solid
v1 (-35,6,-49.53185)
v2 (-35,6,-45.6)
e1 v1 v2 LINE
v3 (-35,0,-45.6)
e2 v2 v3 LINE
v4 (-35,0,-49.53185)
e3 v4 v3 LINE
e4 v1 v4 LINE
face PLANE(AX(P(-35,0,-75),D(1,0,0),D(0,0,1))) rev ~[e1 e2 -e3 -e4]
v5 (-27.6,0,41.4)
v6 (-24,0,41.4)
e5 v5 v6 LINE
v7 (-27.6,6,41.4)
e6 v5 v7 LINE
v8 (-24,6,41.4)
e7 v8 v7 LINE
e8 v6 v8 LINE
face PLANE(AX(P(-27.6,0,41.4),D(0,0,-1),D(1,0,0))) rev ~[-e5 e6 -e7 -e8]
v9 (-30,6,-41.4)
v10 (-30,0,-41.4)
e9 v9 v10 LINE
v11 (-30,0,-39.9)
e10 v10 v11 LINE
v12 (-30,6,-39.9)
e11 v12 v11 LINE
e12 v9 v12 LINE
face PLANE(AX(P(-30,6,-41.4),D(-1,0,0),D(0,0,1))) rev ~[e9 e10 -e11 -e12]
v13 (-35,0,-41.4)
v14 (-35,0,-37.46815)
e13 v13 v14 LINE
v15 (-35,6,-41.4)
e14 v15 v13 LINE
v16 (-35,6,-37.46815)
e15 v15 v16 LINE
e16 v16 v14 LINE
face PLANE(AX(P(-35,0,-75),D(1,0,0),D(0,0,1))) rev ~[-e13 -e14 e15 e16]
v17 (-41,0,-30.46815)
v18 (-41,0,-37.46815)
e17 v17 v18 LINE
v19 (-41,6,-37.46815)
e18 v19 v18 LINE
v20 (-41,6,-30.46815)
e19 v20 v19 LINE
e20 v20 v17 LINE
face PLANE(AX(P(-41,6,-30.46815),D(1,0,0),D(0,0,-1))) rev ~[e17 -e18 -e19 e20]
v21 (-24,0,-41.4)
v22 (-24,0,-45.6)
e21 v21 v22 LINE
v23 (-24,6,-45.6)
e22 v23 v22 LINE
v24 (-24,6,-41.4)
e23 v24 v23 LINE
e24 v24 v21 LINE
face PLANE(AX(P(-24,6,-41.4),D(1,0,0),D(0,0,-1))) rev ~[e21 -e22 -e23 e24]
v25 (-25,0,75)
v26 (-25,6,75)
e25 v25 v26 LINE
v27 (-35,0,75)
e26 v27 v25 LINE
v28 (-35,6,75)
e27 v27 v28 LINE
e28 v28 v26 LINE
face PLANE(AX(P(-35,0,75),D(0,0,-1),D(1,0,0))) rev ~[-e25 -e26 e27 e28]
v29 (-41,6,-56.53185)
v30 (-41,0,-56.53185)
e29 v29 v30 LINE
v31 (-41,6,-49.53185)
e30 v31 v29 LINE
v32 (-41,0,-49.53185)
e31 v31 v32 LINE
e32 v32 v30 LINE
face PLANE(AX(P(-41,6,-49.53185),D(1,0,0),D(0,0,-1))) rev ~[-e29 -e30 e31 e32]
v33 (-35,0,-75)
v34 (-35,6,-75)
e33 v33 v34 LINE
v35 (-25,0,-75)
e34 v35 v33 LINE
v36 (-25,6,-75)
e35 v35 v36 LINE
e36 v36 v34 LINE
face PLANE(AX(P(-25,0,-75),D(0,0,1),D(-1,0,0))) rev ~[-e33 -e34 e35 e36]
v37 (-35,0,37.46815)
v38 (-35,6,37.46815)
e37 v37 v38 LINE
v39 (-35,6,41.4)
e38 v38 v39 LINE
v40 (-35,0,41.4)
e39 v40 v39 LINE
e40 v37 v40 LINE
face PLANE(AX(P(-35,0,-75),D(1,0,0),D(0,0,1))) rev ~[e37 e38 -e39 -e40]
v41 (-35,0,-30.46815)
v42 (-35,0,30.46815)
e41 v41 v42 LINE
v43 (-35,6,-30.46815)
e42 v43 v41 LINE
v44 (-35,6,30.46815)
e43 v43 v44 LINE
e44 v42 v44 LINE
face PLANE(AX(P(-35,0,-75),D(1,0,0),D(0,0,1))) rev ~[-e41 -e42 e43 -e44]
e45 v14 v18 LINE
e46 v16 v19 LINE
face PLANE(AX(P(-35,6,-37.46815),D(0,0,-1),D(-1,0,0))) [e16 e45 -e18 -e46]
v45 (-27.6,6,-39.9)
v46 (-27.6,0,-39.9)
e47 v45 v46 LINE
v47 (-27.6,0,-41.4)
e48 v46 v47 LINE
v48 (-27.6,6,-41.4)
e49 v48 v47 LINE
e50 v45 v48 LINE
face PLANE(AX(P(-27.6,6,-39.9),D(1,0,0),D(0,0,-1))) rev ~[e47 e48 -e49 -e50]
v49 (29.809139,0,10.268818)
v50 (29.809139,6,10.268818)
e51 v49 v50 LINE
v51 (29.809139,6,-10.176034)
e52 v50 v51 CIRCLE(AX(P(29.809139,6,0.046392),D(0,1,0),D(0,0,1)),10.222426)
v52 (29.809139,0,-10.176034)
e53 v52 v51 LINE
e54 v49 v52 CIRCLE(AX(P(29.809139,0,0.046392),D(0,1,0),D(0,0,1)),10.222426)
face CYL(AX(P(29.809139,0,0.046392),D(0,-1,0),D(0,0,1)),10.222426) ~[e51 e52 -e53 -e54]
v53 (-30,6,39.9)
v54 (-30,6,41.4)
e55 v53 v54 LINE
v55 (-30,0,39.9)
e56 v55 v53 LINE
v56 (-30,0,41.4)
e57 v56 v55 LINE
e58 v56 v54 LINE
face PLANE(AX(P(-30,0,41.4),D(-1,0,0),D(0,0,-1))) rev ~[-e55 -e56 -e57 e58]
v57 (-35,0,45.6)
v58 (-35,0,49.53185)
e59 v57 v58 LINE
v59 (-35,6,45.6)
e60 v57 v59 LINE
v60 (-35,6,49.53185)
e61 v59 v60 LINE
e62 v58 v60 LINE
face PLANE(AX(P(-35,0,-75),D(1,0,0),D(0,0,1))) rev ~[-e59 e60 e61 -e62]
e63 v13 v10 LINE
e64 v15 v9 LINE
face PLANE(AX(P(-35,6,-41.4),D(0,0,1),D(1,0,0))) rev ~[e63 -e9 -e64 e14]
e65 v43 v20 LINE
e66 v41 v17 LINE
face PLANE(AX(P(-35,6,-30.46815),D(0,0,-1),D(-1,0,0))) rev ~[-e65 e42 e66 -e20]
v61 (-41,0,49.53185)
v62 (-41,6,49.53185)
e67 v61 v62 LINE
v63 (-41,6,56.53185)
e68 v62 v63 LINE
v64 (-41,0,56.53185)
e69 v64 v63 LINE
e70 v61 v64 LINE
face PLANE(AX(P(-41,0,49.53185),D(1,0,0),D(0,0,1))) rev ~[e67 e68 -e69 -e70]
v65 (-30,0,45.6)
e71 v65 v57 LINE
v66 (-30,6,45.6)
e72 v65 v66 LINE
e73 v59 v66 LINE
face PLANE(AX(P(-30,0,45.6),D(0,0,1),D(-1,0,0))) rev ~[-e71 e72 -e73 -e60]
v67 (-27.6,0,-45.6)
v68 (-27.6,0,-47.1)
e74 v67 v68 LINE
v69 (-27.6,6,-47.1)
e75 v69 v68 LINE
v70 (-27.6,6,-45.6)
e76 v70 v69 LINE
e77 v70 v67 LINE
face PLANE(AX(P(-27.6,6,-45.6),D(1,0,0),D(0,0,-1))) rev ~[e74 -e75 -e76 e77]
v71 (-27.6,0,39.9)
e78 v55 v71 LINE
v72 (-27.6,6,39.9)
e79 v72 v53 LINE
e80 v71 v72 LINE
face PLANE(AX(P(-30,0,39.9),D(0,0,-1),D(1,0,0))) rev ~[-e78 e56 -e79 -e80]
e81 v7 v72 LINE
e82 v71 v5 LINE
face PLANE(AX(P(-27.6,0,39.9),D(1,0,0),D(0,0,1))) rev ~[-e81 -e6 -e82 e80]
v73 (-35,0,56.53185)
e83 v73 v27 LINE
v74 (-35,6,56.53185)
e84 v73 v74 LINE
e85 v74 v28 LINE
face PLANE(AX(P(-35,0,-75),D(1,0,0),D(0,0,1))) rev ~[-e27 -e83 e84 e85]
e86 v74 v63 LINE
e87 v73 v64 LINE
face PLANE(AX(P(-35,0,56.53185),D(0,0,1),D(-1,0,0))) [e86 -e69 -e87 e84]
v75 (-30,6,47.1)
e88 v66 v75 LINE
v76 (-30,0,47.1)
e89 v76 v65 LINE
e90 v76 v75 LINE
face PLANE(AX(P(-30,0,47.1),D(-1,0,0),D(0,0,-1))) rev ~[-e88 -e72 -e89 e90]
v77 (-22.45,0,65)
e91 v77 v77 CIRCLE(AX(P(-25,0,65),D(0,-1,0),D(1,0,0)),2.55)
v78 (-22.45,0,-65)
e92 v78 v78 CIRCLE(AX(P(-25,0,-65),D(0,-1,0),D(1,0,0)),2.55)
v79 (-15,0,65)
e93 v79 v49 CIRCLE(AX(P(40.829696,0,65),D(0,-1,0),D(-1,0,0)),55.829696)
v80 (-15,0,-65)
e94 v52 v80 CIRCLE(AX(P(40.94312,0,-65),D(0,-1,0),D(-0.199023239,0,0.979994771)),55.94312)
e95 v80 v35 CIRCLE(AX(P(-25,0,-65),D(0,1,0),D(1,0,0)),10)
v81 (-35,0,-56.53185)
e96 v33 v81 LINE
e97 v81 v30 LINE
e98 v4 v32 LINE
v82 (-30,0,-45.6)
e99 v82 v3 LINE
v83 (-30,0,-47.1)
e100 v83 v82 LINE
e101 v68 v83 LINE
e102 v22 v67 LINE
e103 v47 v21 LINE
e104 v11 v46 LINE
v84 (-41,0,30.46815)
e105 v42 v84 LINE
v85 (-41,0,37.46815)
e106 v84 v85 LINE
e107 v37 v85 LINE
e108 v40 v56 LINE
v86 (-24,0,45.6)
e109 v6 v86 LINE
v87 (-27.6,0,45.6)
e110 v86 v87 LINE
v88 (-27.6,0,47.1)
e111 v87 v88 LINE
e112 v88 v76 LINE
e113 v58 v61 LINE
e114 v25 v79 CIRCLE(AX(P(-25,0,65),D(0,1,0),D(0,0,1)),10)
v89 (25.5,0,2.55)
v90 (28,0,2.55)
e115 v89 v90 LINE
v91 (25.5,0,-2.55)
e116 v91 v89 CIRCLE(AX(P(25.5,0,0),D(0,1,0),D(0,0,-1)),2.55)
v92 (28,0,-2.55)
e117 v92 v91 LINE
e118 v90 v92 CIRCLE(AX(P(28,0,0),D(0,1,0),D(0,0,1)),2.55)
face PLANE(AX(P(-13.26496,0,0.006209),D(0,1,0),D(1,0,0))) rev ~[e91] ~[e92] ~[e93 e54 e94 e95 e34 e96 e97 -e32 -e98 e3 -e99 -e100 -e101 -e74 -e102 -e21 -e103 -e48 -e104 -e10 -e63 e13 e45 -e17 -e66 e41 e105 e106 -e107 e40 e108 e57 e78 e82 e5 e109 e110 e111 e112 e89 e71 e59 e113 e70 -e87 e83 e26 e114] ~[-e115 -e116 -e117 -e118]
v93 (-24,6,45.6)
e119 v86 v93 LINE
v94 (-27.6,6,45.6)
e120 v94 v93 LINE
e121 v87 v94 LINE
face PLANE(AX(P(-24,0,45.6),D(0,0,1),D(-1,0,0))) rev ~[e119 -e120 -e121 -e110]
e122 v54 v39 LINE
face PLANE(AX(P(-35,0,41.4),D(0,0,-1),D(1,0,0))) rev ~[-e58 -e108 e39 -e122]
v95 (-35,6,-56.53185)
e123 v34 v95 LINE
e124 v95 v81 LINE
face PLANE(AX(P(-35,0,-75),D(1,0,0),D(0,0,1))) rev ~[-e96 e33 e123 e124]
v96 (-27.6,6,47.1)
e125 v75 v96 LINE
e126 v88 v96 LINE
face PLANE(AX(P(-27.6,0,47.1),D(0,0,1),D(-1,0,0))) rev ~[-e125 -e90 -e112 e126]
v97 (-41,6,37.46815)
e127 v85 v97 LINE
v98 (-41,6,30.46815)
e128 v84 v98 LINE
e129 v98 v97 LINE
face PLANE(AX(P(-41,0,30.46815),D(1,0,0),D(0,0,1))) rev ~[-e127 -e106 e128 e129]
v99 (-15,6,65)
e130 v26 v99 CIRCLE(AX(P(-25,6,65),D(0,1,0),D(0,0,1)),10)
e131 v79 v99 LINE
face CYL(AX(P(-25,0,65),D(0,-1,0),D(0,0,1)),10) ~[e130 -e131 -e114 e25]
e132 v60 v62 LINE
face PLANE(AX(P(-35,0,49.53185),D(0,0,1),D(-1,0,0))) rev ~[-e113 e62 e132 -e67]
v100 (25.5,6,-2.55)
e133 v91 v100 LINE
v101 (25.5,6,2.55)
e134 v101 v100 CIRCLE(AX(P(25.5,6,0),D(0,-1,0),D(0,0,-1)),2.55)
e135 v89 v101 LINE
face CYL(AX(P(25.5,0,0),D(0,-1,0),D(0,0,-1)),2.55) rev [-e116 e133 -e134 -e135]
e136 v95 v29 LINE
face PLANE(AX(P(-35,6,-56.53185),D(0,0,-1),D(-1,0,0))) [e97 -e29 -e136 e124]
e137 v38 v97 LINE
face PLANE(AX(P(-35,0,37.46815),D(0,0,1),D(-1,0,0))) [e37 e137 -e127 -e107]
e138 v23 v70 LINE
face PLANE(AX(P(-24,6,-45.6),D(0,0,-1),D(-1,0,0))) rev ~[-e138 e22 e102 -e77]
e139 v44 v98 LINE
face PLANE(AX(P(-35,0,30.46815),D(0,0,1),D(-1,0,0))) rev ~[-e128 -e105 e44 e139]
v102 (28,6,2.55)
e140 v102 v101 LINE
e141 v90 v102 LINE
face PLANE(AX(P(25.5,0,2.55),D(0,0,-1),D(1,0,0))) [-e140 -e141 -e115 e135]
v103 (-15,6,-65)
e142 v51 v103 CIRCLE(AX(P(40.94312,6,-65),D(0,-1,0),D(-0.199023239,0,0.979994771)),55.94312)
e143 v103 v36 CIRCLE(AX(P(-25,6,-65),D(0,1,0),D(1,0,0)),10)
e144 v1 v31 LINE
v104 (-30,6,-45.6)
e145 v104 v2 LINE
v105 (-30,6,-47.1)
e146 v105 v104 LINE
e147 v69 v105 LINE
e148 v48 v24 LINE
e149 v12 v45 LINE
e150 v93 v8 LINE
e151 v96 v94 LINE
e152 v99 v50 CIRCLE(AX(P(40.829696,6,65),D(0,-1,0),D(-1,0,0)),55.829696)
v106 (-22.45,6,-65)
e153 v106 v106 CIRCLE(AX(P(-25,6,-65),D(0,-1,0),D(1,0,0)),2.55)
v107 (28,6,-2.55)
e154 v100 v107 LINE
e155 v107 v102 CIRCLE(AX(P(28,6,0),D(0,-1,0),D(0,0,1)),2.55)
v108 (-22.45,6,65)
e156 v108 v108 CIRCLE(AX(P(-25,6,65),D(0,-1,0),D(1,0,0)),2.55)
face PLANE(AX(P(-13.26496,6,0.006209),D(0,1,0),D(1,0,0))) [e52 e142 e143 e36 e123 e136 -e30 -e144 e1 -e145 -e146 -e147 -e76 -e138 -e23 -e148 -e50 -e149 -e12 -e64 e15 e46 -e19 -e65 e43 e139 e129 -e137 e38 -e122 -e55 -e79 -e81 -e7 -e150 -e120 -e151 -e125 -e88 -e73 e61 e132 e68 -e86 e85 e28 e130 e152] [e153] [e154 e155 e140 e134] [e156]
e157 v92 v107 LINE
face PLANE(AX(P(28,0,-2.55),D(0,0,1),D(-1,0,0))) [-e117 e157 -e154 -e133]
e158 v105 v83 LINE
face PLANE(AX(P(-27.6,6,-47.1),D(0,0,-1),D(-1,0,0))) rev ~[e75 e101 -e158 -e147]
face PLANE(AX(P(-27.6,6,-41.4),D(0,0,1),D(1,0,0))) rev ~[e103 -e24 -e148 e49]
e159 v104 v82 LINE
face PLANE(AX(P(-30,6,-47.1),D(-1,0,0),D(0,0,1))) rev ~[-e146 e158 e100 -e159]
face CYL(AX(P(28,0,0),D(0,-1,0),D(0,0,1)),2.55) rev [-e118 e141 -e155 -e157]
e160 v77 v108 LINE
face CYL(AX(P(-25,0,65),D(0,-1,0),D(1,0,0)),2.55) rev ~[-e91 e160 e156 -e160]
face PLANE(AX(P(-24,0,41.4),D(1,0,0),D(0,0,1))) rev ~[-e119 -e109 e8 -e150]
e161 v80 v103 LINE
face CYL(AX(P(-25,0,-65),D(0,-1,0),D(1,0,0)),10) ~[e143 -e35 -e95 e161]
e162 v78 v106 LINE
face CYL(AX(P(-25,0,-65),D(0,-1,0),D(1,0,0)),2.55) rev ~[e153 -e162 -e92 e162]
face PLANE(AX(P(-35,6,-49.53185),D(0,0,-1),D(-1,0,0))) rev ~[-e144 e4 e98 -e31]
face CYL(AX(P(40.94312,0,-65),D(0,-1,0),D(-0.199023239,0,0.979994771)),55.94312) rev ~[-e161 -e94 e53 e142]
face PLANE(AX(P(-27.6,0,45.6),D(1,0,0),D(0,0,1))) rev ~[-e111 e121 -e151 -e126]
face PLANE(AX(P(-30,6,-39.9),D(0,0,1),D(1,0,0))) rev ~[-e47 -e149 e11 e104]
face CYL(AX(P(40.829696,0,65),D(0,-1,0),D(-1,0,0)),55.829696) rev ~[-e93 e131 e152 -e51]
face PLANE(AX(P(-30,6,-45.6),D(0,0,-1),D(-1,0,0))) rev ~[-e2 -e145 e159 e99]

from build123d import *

# Parameters (mm, degrees)
EXTRUDE_1_DEPTH      = 6
SKETCH_2_R           = 2.55
CUT_EXTRUDE_1_DEPTH  = 7
SKETCH_21_W          = 7
SKETCH_21_H          = 6
EXTRUDE_2_DEPTH      = 6
CUT_EXTRUDE_11_DEPTH = 7
SKETCH_22_W          = 7
SKETCH_22_H          = 6
EXTRUDE_21_DEPTH     = 6
SKETCH_24_W          = 7
SKETCH_24_H          = 6
EXTRUDE_23_DEPTH     = 6
CUT_EXTRUDE_14_DEPTH = 7
SKETCH_25_W          = 7
SKETCH_25_H          = 6
EXTRUDE_24_DEPTH     = 6
SKETCH_26_W          = 7
SKETCH_26_H          = 6
EXTRUDE_25_DEPTH     = 6
SKETCH_27_W          = 7
SKETCH_27_H          = 6
EXTRUDE_26_DEPTH     = 6
SKETCH_28_W          = 7
SKETCH_28_H          = 6
EXTRUDE_27_DEPTH     = 6
SKETCH_29_W          = 7
SKETCH_29_H          = 6
EXTRUDE_28_DEPTH     = 6


with BuildPart() as part:
    # Эскиз1 → Бобышка-Вытянуть1 (new body)
    with BuildSketch(Plane(origin=(0, 0, 0), x_dir=(1, 0, 0), z_dir=(0, 1, 0))):
        with BuildLine():
            Line((-35, -65), (-35, -75))
            Line((-35, -75), (-25, -75))
            ThreePointArc((-25, -75), (-17.928932188, -72.071067812), (-15, -65))
            ThreePointArc((-15, -65), (-2.368853025, -29.632779179), (29.809139443, -10.26881824))
            ThreePointArc((29.809139443, -10.26881824), (40.031565804, -0.046391879), (29.809139443, 10.176034483))
            ThreePointArc((29.809139443, 10.176034483), (-2.372594749, 29.596870998), (-15, 65))
            ThreePointArc((-15, 65), (-17.928932188, 72.071067812), (-25, 75))
            Line((-25, 75), (-35, 75))
            Line((-35, 75), (-35, 65))
            Line((-35, 65), (-35, -65))
        make_face()
    extrude(amount=EXTRUDE_1_DEPTH)

    # Эскиз2 → Вырез-Вытянуть1 (cut, through all)
    with BuildSketch(Plane.XZ):
        with Locations((-25, -65)):
            Circle(SKETCH_2_R)
        with Locations((-25, 65)):
            Circle(SKETCH_2_R)
        with BuildLine():
            Line((28, -2.55), (25.5, -2.55))
            ThreePointArc((25.5, -2.55), (22.95, 0), (25.5, 2.55))
            Line((25.5, 2.55), (28, 2.55))
            ThreePointArc((28, 2.55), (30.55, 0), (28, -2.55))
        make_face()
    extrude(amount=-CUT_EXTRUDE_1_DEPTH, mode=Mode.SUBTRACT)

    # Эскиз21 → Бобышка-Вытянуть2 (add)
    with BuildSketch(Plane(origin=(15, 6, -43.5), x_dir=(0, 0, -1), z_dir=(0, 1, 0))):
        with Locations((-9.531849908, 53)):
            Rectangle(SKETCH_21_W, SKETCH_21_H)
        with Locations((9.531849908, 53)):
            Rectangle(SKETCH_21_W, SKETCH_21_H)
    extrude(amount=-EXTRUDE_2_DEPTH)

    # Эскиз31 → Вырез-Вытянуть11 (cut, through all)
    with BuildSketch(Plane(origin=(15, 6, -43.5), x_dir=(0, 0, -1), z_dir=(0, 1, 0))):
        Polygon((-2.1, 45), (-3.6, 45), (-3.6, 42.6), (-2.1, 42.6), (-2.1, 39), (2.1, 39), (2.1, 42.6), (3.6, 42.6), (3.6, 45), (2.1, 45), (2.1, 50), (-2.1, 50), align=None)
    extrude(amount=-CUT_EXTRUDE_11_DEPTH, mode=Mode.SUBTRACT)

    # Эскиз22 → Бобышка-Вытянуть21 (add)
    with BuildSketch(Plane(origin=(15, 0, -43.5), x_dir=(0, 0, 1), z_dir=(0, -1, 0))):
        with Locations((-9.531849908, 53)):
            Rectangle(SKETCH_22_W, SKETCH_22_H)
        with Locations((9.531849908, 53)):
            Rectangle(SKETCH_22_W, SKETCH_22_H)
    extrude(amount=-EXTRUDE_21_DEPTH)

    # Эскиз24 → Бобышка-Вытянуть23 (add)
    with BuildSketch(Plane(origin=(15, 0, 43.5), x_dir=(0, 0, 1), z_dir=(0, -1, 0))):
        with Locations((-9.531849908, 53)):
            Rectangle(SKETCH_24_W, SKETCH_24_H)
        with Locations((9.531849908, 53)):
            Rectangle(SKETCH_24_W, SKETCH_24_H)
    extrude(amount=-EXTRUDE_23_DEPTH)

    # Эскиз34 → Вырез-Вытянуть14 (cut, through all)
    with BuildSketch(Plane(origin=(15, 0, 43.5), x_dir=(0, 0, 1), z_dir=(0, -1, 0))):
        Polygon((-2.1, 45), (-3.6, 45), (-3.6, 42.6), (-2.1, 42.6), (-2.1, 39), (2.1, 39), (2.1, 42.6), (3.6, 42.6), (3.6, 45), (2.1, 45), (2.1, 50), (-2.1, 50), align=None)
    extrude(amount=-CUT_EXTRUDE_14_DEPTH, mode=Mode.SUBTRACT)

    # Эскиз25 → Бобышка-Вытянуть24 (add)
    with BuildSketch(Plane(origin=(15, 6, 43.5), x_dir=(0, 0, -1), z_dir=(0, 1, 0))):
        with Locations((-9.531849908, 53)):
            Rectangle(SKETCH_25_W, SKETCH_25_H)
        with Locations((9.531849908, 53)):
            Rectangle(SKETCH_25_W, SKETCH_25_H)
    extrude(amount=-EXTRUDE_24_DEPTH)

    # Эскиз26 → Бобышка-Вытянуть25 (add)
    with BuildSketch(Plane(origin=(15, 6, -43.5), x_dir=(0, 0, -1), z_dir=(0, 1, 0))):
        with Locations((-9.531849908, 53)):
            Rectangle(SKETCH_26_W, SKETCH_26_H)
        with Locations((9.531849908, 53)):
            Rectangle(SKETCH_26_W, SKETCH_26_H)
    extrude(amount=-EXTRUDE_25_DEPTH)

    # Эскиз27 → Бобышка-Вытянуть26 (add)
    with BuildSketch(Plane(origin=(15, 6, 43.5), x_dir=(0, 0, -1), z_dir=(0, 1, 0))):
        with Locations((-9.531849908, 53)):
            Rectangle(SKETCH_27_W, SKETCH_27_H)
        with Locations((9.531849908, 53)):
            Rectangle(SKETCH_27_W, SKETCH_27_H)
    extrude(amount=-EXTRUDE_26_DEPTH)

    # Эскиз28 → Бобышка-Вытянуть27 (add)
    with BuildSketch(Plane(origin=(15, 0, -43.5), x_dir=(0, 0, 1), z_dir=(0, -1, 0))):
        with Locations((-9.531849908, 53)):
            Rectangle(SKETCH_28_W, SKETCH_28_H)
        with Locations((9.531849908, 53)):
            Rectangle(SKETCH_28_W, SKETCH_28_H)
    extrude(amount=-EXTRUDE_27_DEPTH)

    # Эскиз29 → Бобышка-Вытянуть28 (add)
    with BuildSketch(Plane(origin=(15, 0, 43.5), x_dir=(0, 0, 1), z_dir=(0, -1, 0))):
        with Locations((-9.531849908, 53)):
            Rectangle(SKETCH_29_W, SKETCH_29_H)
        with Locations((9.531849908, 53)):
            Rectangle(SKETCH_29_W, SKETCH_29_H)
    extrude(amount=-EXTRUDE_28_DEPTH)


solid = part.part
